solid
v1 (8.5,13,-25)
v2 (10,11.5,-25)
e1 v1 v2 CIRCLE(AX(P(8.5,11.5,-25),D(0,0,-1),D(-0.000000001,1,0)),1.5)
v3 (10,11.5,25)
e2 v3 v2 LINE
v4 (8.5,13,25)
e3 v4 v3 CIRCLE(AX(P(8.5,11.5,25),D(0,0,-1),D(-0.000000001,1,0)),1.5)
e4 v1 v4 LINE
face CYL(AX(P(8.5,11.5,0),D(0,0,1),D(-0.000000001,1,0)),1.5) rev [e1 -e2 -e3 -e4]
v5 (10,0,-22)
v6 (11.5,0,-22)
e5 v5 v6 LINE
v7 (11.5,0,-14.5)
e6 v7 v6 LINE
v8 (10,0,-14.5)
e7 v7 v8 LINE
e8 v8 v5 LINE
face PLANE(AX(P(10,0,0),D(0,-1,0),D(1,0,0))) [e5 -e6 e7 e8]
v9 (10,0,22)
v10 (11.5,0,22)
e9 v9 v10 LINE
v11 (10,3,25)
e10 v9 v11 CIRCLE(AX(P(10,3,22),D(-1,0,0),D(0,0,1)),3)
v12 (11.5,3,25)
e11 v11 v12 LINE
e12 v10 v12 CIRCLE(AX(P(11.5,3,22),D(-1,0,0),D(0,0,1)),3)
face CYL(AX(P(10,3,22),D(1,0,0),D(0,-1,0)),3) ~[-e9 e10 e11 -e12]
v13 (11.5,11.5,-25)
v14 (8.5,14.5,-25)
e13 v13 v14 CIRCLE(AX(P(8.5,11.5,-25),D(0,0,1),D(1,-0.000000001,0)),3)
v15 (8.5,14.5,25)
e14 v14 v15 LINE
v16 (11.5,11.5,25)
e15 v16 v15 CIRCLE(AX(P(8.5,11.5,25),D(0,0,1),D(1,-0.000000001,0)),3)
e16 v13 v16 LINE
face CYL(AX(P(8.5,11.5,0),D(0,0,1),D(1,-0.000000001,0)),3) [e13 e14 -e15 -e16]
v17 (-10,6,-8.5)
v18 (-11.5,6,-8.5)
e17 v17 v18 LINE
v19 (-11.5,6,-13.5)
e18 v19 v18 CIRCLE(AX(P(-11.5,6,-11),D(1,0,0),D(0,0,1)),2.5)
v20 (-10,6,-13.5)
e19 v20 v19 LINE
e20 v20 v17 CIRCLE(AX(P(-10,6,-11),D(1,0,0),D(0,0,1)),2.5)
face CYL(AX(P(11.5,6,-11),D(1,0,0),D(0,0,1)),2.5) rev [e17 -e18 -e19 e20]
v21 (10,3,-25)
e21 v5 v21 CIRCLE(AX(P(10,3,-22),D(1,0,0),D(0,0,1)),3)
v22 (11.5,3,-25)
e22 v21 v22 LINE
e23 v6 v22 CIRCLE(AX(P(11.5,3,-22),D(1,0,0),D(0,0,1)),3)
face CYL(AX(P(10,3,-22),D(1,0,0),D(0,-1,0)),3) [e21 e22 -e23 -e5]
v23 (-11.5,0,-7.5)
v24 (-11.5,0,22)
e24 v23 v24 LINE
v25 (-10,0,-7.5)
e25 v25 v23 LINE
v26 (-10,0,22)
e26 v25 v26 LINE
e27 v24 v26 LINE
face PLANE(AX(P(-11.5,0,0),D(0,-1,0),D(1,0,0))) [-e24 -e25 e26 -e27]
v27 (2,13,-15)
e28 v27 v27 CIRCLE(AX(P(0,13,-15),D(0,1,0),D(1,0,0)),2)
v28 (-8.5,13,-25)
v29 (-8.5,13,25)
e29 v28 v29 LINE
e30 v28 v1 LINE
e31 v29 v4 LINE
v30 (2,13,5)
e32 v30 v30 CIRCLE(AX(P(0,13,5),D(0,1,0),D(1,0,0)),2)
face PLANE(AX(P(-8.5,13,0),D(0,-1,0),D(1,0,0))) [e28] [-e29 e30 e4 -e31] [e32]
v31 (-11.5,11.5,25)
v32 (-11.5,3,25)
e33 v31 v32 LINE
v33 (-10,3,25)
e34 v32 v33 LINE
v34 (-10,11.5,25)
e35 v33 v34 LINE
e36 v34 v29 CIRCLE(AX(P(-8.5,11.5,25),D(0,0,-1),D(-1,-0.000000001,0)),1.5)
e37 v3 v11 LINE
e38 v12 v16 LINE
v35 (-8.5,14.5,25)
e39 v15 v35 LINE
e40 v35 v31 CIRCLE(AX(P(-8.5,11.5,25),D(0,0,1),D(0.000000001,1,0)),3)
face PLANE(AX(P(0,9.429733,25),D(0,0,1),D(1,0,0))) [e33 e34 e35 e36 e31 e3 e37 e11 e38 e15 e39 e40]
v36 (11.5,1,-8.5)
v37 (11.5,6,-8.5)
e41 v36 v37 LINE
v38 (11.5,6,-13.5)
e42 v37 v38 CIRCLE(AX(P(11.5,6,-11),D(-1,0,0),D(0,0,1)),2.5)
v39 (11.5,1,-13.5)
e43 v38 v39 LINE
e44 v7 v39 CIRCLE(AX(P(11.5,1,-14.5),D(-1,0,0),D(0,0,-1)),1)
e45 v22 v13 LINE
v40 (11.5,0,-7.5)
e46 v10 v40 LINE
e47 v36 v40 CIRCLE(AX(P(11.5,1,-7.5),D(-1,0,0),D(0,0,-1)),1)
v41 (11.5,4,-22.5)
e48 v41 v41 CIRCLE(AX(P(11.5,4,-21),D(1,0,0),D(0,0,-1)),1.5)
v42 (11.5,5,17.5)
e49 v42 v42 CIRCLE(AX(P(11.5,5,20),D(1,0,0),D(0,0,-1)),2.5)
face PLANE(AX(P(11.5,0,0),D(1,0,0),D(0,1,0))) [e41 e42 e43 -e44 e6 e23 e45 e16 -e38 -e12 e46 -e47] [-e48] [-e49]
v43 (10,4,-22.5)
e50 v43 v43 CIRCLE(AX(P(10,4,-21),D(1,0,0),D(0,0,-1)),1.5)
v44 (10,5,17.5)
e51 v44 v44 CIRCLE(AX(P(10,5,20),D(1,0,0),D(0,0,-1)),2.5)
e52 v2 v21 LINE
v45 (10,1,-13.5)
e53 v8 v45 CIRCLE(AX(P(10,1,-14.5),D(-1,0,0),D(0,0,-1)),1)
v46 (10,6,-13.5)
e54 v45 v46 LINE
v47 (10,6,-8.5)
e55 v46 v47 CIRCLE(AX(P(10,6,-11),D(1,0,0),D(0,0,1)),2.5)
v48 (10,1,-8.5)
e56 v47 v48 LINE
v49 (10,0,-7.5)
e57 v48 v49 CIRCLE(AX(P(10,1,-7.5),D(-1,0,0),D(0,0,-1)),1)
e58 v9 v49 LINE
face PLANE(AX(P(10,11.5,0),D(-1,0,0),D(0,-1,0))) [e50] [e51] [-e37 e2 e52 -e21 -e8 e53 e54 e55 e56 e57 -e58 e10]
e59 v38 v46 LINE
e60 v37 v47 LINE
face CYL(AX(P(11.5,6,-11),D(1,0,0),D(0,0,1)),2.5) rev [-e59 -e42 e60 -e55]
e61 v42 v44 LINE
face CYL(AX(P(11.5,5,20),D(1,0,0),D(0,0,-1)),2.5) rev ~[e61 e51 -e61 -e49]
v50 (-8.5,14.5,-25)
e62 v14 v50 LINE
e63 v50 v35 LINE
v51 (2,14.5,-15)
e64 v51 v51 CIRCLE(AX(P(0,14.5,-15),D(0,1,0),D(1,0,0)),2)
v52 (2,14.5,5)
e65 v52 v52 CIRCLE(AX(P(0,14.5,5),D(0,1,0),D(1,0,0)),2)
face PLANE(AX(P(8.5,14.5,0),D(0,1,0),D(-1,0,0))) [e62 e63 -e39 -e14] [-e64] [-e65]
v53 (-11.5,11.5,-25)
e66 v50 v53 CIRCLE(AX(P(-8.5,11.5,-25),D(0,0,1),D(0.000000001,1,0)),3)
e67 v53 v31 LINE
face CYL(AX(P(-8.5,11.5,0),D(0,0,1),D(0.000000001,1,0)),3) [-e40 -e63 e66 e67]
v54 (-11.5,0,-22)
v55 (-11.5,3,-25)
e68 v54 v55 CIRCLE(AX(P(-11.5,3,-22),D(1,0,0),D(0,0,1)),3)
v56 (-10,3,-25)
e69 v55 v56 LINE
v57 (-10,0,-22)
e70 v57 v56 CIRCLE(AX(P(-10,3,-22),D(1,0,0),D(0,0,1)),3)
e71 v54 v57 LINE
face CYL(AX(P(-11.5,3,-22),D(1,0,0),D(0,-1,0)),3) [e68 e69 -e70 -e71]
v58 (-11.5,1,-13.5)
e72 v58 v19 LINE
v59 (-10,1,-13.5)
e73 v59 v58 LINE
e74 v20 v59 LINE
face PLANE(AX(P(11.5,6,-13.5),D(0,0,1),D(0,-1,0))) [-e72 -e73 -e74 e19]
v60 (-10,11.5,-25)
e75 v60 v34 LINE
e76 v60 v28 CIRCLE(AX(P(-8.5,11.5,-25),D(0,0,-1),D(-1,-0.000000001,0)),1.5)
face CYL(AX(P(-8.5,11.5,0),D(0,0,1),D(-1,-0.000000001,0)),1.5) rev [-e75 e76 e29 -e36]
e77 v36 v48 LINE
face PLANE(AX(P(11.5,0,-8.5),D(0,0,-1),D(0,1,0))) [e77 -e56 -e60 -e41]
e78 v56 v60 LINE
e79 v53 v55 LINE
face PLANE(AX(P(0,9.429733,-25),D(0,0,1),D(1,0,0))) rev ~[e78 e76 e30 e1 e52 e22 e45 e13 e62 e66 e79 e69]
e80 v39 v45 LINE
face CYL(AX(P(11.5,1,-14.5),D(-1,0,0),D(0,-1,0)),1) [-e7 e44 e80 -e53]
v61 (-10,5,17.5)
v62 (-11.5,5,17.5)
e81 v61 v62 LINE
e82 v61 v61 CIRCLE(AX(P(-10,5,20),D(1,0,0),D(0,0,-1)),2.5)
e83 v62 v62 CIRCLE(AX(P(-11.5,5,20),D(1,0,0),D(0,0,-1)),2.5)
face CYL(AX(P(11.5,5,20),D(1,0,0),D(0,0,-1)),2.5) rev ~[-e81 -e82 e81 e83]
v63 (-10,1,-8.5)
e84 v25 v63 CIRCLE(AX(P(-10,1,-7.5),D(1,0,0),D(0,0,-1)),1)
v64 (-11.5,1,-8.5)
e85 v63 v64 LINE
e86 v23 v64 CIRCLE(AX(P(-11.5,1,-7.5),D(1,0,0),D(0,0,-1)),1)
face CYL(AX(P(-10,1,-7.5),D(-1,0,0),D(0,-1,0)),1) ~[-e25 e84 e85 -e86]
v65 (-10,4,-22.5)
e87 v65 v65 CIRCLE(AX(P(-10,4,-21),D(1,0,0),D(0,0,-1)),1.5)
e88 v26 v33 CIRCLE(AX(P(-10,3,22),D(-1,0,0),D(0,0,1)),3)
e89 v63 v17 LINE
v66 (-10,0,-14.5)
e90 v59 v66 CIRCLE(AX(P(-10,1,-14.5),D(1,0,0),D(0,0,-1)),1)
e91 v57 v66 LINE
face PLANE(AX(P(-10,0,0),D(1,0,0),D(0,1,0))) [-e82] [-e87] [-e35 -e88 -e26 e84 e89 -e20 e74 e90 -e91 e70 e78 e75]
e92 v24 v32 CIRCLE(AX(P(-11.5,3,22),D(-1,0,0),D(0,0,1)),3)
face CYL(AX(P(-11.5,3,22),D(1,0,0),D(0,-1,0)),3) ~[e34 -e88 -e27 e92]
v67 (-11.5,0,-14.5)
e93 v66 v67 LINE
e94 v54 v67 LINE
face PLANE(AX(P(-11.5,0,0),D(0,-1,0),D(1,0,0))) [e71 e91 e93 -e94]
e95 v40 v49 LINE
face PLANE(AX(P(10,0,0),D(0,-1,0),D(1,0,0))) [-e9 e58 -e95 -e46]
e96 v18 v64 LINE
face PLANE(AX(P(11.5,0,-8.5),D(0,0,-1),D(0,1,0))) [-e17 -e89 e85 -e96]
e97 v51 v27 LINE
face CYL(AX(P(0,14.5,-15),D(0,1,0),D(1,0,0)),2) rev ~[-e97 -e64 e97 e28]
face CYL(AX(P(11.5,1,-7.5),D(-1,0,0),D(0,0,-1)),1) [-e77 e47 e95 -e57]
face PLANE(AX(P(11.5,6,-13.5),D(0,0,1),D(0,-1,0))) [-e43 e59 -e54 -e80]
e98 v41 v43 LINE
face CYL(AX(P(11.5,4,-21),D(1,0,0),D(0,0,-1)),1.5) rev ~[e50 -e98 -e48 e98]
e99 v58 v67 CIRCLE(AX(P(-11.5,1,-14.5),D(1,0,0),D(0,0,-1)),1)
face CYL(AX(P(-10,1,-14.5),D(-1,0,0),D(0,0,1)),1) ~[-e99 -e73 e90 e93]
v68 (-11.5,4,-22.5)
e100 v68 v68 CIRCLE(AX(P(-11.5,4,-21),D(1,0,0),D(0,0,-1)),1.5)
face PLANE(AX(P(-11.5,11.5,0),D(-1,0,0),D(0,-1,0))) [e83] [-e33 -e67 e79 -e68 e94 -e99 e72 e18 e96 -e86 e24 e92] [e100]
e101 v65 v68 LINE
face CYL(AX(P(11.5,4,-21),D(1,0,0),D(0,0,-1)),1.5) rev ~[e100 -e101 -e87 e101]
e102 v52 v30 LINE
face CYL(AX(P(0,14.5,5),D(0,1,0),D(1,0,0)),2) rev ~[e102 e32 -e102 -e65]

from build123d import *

# Parameters (mm, degrees)
BOSS_EXTRUDE1_DEPTH = 25
FILLET1_R           = 3
CUT_EXTRUDE1_DEPTH  = 24
FILLET2_R           = 1
SKETCH3_R           = 2.5
CUT_EXTRUDE2_DEPTH  = 24
SKETCH4_R           = 1.5
CUT_EXTRUDE3_DEPTH  = 24
SKETCH5_R           = 2
CUT_EXTRUDE4_DEPTH  = 50


with BuildPart() as part:
    # Sketch1 → Boss-Extrude1 (new body, symmetric)
    with BuildSketch(Plane.XY):
        with BuildLine():
            Line((11.5, 0), (11.5, 11.5))
            ThreePointArc((11.5, 11.5), (10.621320344, 13.621320344), (8.5, 14.5))
            Line((8.5, 14.5), (-8.5, 14.5))
            ThreePointArc((-8.5, 14.5), (-10.621320344, 13.621320344), (-11.5, 11.5))
            Line((-11.5, 11.5), (-11.5, 0))
            Line((-11.5, 0), (-10, 0))
            Line((-10, 0), (-10, 11.5))
            ThreePointArc((-10, 11.5), (-9.560660172, 12.560660172), (-8.5, 13))
            Line((-8.5, 13), (8.5, 13))
            ThreePointArc((8.5, 13), (9.560660172, 12.560660172), (10, 11.5))
            Line((10, 11.5), (10, 0))
            Line((10, 0), (11.5, 0))
        make_face()
    extrude(amount=BOSS_EXTRUDE1_DEPTH, both=True)

    # Fillet1
    fillet1_edges = [part.edges().sort_by_distance(p)[0] for p in [
        (-10.75, 0, -25),
        (10.75, 0, -25),
        (-10.75, 0, 25),
        (10.75, 0, 25),
    ]]
    fillet(fillet1_edges, radius=FILLET1_R)

    # Sketch2 → Cut-Extrude1 (cut, through all)
    with BuildSketch(Plane(origin=(11.5, 0, 0), x_dir=(0, 0, -1), z_dir=(1, 0, 0))):
        with BuildLine():
            Line((8.5, 0), (8.5, 6))
            ThreePointArc((8.5, 6), (11, 8.5), (13.5, 6))
            Line((13.5, 6), (13.5, 0))
            Line((13.5, 0), (8.5, 0))
        make_face()
    extrude(amount=-CUT_EXTRUDE1_DEPTH, mode=Mode.SUBTRACT)

    # Fillet2
    fillet2_edges = [part.edges().sort_by_distance(p)[0] for p in [
        (-10.75, 0, -13.5),
        (10.75, 0, -13.5),
        (-10.75, 0, -8.5),
        (10.75, 0, -8.5),
    ]]
    fillet(fillet2_edges, radius=FILLET2_R)

    # Sketch3 → Cut-Extrude2 (cut, through all)
    with BuildSketch(Plane(origin=(11.5, 0, 0), x_dir=(0, 0, -1), z_dir=(1, 0, 0))):
        with Locations((-20, 5)):
            Circle(SKETCH3_R)
    extrude(amount=-CUT_EXTRUDE2_DEPTH, mode=Mode.SUBTRACT)

    # Sketch4 → Cut-Extrude3 (cut, through all)
    with BuildSketch(Plane(origin=(11.5, 0, 0), x_dir=(0, 0, -1), z_dir=(1, 0, 0))):
        with Locations((21, 4)):
            Circle(SKETCH4_R)
    extrude(amount=-CUT_EXTRUDE3_DEPTH, mode=Mode.SUBTRACT)

    # Sketch5 → Cut-Extrude4 (cut)
    with BuildSketch(Plane(origin=(0, 14.5, 0), x_dir=(1, 0, 0), z_dir=(0, 1, 0))):
        with Locations((0, 15)):
            Circle(SKETCH5_R)
        with Locations((0, -5)):
            Circle(SKETCH5_R)
    extrude(amount=-CUT_EXTRUDE4_DEPTH, mode=Mode.SUBTRACT)


solid = part.part
